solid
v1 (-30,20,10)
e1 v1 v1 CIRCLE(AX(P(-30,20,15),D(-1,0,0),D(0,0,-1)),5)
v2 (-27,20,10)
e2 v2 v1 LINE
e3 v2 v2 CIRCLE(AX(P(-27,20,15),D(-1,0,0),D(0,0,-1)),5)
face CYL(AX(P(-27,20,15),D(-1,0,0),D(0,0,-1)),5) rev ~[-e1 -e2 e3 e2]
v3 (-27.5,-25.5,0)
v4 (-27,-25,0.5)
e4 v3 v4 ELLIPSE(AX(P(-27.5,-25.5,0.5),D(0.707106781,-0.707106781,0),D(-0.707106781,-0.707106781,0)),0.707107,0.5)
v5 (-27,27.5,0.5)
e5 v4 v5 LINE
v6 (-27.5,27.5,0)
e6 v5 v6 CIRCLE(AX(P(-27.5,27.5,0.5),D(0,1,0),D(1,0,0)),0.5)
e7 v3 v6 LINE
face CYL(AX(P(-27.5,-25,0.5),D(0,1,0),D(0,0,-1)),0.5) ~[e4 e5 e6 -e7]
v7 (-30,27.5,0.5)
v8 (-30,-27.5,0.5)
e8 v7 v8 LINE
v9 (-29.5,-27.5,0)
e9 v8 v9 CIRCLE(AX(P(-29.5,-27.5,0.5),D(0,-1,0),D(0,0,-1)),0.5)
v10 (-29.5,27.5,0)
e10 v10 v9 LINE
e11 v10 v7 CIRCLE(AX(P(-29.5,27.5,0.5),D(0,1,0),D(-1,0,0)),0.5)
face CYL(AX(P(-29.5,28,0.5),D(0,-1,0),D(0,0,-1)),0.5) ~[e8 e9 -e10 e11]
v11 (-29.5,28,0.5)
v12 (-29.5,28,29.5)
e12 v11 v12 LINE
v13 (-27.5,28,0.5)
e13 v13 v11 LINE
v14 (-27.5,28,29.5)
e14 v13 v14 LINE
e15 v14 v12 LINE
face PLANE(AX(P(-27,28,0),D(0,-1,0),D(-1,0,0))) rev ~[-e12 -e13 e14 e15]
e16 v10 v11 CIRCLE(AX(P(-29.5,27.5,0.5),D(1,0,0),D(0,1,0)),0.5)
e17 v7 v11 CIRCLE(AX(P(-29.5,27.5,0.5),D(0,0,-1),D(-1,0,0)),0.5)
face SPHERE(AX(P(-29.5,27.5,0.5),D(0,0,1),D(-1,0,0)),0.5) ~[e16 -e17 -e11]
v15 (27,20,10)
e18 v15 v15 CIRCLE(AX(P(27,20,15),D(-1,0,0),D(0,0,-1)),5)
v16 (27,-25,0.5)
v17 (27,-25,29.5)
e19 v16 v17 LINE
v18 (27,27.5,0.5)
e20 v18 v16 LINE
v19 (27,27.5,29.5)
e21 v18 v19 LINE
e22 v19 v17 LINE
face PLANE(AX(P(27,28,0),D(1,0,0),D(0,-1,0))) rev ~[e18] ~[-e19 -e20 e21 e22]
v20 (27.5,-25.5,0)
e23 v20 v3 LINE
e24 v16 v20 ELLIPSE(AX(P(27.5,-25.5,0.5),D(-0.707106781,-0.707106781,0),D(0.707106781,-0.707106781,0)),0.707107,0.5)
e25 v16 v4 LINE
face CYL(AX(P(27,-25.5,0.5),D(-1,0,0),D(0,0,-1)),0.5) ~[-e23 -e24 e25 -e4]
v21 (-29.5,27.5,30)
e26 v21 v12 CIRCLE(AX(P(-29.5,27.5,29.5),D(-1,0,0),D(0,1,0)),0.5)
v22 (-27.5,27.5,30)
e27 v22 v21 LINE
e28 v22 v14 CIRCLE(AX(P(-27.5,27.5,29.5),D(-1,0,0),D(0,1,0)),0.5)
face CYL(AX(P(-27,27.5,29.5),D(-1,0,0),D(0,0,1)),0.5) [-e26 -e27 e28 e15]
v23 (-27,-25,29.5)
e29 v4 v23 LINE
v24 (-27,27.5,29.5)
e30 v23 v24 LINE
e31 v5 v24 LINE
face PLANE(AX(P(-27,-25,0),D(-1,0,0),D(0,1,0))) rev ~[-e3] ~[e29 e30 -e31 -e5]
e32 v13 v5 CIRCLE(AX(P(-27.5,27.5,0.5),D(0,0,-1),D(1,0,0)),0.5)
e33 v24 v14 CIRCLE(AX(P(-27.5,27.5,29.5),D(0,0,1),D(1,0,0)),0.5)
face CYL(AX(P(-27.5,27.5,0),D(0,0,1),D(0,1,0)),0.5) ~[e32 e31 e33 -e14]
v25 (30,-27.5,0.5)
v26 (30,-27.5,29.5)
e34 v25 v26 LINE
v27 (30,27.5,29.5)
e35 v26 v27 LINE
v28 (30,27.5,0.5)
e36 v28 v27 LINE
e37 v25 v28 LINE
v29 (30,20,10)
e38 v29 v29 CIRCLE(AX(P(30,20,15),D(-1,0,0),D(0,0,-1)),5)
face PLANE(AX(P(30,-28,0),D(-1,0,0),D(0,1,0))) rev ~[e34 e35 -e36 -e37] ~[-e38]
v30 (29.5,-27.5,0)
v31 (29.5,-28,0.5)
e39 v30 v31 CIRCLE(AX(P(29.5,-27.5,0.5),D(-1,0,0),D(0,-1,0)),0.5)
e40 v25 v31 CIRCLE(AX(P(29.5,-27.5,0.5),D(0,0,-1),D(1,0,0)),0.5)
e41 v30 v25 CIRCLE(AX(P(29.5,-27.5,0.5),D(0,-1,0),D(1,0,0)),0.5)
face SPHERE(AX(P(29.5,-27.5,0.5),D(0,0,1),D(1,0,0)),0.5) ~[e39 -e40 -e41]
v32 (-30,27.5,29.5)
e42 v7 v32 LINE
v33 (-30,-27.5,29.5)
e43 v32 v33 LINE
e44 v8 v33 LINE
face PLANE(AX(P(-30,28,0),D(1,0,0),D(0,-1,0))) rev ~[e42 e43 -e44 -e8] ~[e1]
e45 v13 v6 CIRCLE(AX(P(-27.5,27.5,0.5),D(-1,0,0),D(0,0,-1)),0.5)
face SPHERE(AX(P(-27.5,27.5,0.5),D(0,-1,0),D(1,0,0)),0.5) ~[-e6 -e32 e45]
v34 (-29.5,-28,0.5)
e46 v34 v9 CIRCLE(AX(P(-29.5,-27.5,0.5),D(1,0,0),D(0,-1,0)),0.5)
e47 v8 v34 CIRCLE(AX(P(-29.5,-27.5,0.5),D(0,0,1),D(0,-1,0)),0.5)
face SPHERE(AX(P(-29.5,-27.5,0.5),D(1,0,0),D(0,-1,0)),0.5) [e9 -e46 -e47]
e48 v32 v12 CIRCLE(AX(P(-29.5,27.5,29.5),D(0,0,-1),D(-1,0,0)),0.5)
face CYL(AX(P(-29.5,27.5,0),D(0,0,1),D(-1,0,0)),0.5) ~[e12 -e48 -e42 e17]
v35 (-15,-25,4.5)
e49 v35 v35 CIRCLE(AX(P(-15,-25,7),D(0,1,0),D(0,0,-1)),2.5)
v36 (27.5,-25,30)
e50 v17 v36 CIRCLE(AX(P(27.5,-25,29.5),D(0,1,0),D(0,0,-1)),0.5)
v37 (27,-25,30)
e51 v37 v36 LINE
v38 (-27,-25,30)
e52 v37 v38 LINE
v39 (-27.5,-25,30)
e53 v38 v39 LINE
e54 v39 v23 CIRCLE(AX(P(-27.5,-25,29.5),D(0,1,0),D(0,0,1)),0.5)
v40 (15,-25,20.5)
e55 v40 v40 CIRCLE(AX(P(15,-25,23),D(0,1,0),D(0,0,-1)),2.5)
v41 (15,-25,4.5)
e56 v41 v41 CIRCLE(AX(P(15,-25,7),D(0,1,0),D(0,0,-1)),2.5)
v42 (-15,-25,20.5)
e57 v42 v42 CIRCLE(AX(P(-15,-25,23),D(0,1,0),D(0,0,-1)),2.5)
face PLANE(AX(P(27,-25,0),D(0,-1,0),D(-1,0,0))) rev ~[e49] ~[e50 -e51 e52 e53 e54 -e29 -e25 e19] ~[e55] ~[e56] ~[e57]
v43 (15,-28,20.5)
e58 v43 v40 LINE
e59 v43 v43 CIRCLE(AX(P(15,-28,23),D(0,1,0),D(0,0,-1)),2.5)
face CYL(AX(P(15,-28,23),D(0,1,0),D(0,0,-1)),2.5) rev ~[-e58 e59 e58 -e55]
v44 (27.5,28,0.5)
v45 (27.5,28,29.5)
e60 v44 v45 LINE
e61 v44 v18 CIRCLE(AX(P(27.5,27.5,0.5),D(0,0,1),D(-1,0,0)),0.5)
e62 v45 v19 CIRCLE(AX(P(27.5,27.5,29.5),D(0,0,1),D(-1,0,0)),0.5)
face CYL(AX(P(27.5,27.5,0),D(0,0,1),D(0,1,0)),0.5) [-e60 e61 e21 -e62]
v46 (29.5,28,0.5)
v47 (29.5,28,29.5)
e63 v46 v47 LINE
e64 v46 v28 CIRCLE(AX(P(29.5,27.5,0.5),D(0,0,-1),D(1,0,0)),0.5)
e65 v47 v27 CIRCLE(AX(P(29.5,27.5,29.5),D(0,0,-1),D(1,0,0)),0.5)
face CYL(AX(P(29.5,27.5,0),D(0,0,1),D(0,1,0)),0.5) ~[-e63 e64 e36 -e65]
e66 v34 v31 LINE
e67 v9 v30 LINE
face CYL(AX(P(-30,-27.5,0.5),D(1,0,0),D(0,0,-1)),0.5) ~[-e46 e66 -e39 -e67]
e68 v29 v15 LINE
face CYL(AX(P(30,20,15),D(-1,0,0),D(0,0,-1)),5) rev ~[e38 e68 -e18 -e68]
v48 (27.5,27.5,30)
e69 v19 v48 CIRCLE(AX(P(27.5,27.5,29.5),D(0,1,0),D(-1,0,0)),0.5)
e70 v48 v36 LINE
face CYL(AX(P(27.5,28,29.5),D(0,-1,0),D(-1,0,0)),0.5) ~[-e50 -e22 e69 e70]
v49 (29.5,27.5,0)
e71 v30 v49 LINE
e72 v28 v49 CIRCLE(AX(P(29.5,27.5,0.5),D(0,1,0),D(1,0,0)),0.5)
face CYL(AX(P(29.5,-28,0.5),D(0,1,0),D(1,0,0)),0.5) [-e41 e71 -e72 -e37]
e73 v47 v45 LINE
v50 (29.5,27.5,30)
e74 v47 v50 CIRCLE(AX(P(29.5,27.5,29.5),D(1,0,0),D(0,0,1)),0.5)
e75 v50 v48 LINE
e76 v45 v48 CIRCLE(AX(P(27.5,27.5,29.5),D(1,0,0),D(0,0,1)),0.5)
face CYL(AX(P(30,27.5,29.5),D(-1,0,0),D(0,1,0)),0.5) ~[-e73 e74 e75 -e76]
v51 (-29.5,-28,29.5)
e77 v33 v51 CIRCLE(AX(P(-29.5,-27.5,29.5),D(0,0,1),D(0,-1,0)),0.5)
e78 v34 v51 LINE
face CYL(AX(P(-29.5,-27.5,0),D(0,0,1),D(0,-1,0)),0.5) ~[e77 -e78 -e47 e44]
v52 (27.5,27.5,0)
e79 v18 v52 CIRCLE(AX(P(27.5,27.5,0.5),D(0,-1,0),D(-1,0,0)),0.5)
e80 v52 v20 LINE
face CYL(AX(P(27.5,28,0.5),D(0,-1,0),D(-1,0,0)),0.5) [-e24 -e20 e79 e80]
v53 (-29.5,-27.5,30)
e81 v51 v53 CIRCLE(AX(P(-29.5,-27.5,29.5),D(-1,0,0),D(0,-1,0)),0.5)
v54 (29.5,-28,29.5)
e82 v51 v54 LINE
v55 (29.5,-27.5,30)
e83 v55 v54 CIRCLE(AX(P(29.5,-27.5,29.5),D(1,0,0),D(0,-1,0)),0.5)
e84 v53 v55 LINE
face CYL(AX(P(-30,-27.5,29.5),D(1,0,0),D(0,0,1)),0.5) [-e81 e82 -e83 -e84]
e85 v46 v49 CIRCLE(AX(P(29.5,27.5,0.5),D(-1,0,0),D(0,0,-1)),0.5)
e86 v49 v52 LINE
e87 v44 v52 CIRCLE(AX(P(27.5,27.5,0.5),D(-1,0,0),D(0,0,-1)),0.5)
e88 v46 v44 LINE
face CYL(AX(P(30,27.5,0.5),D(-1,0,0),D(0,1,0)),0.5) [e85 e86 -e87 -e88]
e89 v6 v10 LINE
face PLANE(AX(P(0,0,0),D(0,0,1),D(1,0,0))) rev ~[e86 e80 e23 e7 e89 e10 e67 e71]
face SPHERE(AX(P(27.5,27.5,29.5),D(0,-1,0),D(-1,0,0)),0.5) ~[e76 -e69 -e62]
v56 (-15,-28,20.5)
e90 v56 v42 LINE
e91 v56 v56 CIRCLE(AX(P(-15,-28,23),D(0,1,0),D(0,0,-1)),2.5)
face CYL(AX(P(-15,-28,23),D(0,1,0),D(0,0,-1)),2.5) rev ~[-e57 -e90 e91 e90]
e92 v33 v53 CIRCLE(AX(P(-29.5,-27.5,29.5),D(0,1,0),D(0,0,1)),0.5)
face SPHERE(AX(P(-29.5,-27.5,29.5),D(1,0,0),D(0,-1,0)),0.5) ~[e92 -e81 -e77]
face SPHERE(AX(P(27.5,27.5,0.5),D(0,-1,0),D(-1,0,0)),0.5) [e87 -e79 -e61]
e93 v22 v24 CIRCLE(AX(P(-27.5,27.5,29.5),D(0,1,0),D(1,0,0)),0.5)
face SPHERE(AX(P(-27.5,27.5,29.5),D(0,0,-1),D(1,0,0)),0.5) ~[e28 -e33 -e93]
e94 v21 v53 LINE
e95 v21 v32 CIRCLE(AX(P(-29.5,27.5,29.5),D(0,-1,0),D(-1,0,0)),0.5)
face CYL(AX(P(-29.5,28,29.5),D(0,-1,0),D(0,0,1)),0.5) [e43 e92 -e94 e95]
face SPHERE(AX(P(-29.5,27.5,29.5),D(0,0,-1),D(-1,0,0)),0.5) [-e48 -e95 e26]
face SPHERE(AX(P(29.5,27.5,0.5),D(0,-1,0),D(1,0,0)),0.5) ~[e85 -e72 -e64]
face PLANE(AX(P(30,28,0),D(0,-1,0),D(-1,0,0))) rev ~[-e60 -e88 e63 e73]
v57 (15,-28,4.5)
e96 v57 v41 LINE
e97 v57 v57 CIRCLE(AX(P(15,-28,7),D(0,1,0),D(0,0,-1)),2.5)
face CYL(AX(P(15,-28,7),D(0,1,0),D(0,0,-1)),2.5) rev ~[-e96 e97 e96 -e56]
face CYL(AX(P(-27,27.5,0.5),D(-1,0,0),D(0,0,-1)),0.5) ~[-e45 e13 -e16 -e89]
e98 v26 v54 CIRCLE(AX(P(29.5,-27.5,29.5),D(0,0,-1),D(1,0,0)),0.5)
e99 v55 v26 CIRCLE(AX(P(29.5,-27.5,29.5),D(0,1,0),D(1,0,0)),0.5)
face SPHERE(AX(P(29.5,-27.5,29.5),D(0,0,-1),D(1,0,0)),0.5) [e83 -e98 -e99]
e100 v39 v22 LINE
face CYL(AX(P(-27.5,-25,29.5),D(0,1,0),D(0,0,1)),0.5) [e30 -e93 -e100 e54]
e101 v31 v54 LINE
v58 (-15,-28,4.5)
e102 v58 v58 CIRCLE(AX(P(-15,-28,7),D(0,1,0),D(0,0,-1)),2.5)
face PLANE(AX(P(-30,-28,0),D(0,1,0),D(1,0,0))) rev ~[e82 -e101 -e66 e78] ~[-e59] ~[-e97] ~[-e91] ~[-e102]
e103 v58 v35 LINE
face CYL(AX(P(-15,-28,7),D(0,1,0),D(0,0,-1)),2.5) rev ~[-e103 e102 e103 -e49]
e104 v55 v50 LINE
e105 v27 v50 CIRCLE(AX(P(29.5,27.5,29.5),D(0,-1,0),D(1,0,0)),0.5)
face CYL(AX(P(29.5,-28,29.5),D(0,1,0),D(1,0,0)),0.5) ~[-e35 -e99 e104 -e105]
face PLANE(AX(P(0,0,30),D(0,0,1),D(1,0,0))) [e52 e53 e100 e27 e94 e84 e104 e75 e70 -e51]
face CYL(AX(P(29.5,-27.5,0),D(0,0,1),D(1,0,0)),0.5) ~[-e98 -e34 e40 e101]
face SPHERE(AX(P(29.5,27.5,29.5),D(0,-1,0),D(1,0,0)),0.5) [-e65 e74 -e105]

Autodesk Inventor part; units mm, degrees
ref_plane "YZ Plane" through (0, 0, 0) normal (1, 0, 0) x (0, 1, 0)
ref_plane "XZ Plane" through (0, 0, 0) normal (0, 1, 0) x (-1, 0, 0)
ref_plane "XY Plane" through (0, 0, 0) normal (0, 0, 1) x (1, 0, 0)
sketch "Sketch1" plane through (0, 0, 0) normal (0, 0, 1) x (1, 0, 0)
  line L0 (27, 28) -> (27, -25)
  line L1 (27, -25) -> (-27, -25)
  line L2 (-27, -25) -> (-27, 28)
  line L3 (-30, 28) -> (-30, -28)
  line L4 (-30, -28) -> (30, -28)
  line L5 (30, -28) -> (30, 28)
  line L6 (30, 28) -> (27, 28)
  line L7 (-27, 28) -> (-30, 28)
  point P0 (0, 0)
  dimension "d4" = 56
  dimension "d5" = 53
extrude "Extrusion1" add sketch "Sketch1" along normal blind 30
sketch "Sketch2" plane through (-27, -25, 0) normal (1, 0, 0) x (0, 0, -1)
  line L0 (0, 0) -> (-30, 0) projected
  line L1 (0, 0) -> (0, 53) projected
  point P0 (0, 25)
  point P1 (-15, 45)
  dimension "d8" = 45
  dimension "d9" = 15
hole "Hole1" at (-27, 20, 15) direction (-1, 0, 0) diameter 10 end through all
sketch "Sketch3" plane through (30, -28, 0) normal (1, 0, 0) x (0, 0, -1)
  line L0 (0, 3) -> (-30, 3) projected
  line L1 (-30, 0) -> (-30, 56) projected
  point P0 (0, 28)
  point P1 (-15, 48)
  dimension "d17" = 45
  dimension "d18" = 15
hole "Hole2" at (30, 20, 15) direction (-1, 0, 0) diameter 10 end through all
sketch "Sketch4" plane through (-30, -28, 0) normal (0, -1, 0) x (1, 0, 0)
  line L0 (0, 0) -> (60, 0) projected
  line L1 (60, 0) -> (60, 30) projected
  line L2 (0, 30) -> (60, 30) projected
  line L3 (0, 0) -> (0, 30) projected
  point P0 (30, 0)
  point P1 (45, 7)
  point P2 (45, 23)
  point P3 (15, 7)
  point P4 (15, 23)
  dimension "d26" = 7
  dimension "d27" = 15
  dimension "d28" = 7
  dimension "d29" = 15
  dimension "d30" = 7
  dimension "d31" = 15
  dimension "d32" = 15
  dimension "d33" = 7
hole "Hole3" at (15, -28, 23) at (15, -28, 7) at (-15, -28, 7) at (-15, -28, 23) direction (0, 1, 0) diameter 5 end through all
fillet "Fillet1" radius 0.5 21 edges at (30, -28, 15) (30, 0, 0) (27, 1.5, 0) (0, -25, 0) (0, -28, 0) (30, 0, 30) (30, 28, 15) (0, -28, 30) (-30, -28, 15) (-27, 1.5, 0) (-27, 28, 15) (-30, 28, 15) (-30, 0, 0) (-27, 1.5, 30) (-30, 0, 30) (27, 1.5, 30) (27, 28, 15) (28.5, 28, 0) (28.5, 28, 30) (-28.5, 28, 0) (-28.5, 28, 30)
properties part number "HOLDER" material "Steel, Alloy"
